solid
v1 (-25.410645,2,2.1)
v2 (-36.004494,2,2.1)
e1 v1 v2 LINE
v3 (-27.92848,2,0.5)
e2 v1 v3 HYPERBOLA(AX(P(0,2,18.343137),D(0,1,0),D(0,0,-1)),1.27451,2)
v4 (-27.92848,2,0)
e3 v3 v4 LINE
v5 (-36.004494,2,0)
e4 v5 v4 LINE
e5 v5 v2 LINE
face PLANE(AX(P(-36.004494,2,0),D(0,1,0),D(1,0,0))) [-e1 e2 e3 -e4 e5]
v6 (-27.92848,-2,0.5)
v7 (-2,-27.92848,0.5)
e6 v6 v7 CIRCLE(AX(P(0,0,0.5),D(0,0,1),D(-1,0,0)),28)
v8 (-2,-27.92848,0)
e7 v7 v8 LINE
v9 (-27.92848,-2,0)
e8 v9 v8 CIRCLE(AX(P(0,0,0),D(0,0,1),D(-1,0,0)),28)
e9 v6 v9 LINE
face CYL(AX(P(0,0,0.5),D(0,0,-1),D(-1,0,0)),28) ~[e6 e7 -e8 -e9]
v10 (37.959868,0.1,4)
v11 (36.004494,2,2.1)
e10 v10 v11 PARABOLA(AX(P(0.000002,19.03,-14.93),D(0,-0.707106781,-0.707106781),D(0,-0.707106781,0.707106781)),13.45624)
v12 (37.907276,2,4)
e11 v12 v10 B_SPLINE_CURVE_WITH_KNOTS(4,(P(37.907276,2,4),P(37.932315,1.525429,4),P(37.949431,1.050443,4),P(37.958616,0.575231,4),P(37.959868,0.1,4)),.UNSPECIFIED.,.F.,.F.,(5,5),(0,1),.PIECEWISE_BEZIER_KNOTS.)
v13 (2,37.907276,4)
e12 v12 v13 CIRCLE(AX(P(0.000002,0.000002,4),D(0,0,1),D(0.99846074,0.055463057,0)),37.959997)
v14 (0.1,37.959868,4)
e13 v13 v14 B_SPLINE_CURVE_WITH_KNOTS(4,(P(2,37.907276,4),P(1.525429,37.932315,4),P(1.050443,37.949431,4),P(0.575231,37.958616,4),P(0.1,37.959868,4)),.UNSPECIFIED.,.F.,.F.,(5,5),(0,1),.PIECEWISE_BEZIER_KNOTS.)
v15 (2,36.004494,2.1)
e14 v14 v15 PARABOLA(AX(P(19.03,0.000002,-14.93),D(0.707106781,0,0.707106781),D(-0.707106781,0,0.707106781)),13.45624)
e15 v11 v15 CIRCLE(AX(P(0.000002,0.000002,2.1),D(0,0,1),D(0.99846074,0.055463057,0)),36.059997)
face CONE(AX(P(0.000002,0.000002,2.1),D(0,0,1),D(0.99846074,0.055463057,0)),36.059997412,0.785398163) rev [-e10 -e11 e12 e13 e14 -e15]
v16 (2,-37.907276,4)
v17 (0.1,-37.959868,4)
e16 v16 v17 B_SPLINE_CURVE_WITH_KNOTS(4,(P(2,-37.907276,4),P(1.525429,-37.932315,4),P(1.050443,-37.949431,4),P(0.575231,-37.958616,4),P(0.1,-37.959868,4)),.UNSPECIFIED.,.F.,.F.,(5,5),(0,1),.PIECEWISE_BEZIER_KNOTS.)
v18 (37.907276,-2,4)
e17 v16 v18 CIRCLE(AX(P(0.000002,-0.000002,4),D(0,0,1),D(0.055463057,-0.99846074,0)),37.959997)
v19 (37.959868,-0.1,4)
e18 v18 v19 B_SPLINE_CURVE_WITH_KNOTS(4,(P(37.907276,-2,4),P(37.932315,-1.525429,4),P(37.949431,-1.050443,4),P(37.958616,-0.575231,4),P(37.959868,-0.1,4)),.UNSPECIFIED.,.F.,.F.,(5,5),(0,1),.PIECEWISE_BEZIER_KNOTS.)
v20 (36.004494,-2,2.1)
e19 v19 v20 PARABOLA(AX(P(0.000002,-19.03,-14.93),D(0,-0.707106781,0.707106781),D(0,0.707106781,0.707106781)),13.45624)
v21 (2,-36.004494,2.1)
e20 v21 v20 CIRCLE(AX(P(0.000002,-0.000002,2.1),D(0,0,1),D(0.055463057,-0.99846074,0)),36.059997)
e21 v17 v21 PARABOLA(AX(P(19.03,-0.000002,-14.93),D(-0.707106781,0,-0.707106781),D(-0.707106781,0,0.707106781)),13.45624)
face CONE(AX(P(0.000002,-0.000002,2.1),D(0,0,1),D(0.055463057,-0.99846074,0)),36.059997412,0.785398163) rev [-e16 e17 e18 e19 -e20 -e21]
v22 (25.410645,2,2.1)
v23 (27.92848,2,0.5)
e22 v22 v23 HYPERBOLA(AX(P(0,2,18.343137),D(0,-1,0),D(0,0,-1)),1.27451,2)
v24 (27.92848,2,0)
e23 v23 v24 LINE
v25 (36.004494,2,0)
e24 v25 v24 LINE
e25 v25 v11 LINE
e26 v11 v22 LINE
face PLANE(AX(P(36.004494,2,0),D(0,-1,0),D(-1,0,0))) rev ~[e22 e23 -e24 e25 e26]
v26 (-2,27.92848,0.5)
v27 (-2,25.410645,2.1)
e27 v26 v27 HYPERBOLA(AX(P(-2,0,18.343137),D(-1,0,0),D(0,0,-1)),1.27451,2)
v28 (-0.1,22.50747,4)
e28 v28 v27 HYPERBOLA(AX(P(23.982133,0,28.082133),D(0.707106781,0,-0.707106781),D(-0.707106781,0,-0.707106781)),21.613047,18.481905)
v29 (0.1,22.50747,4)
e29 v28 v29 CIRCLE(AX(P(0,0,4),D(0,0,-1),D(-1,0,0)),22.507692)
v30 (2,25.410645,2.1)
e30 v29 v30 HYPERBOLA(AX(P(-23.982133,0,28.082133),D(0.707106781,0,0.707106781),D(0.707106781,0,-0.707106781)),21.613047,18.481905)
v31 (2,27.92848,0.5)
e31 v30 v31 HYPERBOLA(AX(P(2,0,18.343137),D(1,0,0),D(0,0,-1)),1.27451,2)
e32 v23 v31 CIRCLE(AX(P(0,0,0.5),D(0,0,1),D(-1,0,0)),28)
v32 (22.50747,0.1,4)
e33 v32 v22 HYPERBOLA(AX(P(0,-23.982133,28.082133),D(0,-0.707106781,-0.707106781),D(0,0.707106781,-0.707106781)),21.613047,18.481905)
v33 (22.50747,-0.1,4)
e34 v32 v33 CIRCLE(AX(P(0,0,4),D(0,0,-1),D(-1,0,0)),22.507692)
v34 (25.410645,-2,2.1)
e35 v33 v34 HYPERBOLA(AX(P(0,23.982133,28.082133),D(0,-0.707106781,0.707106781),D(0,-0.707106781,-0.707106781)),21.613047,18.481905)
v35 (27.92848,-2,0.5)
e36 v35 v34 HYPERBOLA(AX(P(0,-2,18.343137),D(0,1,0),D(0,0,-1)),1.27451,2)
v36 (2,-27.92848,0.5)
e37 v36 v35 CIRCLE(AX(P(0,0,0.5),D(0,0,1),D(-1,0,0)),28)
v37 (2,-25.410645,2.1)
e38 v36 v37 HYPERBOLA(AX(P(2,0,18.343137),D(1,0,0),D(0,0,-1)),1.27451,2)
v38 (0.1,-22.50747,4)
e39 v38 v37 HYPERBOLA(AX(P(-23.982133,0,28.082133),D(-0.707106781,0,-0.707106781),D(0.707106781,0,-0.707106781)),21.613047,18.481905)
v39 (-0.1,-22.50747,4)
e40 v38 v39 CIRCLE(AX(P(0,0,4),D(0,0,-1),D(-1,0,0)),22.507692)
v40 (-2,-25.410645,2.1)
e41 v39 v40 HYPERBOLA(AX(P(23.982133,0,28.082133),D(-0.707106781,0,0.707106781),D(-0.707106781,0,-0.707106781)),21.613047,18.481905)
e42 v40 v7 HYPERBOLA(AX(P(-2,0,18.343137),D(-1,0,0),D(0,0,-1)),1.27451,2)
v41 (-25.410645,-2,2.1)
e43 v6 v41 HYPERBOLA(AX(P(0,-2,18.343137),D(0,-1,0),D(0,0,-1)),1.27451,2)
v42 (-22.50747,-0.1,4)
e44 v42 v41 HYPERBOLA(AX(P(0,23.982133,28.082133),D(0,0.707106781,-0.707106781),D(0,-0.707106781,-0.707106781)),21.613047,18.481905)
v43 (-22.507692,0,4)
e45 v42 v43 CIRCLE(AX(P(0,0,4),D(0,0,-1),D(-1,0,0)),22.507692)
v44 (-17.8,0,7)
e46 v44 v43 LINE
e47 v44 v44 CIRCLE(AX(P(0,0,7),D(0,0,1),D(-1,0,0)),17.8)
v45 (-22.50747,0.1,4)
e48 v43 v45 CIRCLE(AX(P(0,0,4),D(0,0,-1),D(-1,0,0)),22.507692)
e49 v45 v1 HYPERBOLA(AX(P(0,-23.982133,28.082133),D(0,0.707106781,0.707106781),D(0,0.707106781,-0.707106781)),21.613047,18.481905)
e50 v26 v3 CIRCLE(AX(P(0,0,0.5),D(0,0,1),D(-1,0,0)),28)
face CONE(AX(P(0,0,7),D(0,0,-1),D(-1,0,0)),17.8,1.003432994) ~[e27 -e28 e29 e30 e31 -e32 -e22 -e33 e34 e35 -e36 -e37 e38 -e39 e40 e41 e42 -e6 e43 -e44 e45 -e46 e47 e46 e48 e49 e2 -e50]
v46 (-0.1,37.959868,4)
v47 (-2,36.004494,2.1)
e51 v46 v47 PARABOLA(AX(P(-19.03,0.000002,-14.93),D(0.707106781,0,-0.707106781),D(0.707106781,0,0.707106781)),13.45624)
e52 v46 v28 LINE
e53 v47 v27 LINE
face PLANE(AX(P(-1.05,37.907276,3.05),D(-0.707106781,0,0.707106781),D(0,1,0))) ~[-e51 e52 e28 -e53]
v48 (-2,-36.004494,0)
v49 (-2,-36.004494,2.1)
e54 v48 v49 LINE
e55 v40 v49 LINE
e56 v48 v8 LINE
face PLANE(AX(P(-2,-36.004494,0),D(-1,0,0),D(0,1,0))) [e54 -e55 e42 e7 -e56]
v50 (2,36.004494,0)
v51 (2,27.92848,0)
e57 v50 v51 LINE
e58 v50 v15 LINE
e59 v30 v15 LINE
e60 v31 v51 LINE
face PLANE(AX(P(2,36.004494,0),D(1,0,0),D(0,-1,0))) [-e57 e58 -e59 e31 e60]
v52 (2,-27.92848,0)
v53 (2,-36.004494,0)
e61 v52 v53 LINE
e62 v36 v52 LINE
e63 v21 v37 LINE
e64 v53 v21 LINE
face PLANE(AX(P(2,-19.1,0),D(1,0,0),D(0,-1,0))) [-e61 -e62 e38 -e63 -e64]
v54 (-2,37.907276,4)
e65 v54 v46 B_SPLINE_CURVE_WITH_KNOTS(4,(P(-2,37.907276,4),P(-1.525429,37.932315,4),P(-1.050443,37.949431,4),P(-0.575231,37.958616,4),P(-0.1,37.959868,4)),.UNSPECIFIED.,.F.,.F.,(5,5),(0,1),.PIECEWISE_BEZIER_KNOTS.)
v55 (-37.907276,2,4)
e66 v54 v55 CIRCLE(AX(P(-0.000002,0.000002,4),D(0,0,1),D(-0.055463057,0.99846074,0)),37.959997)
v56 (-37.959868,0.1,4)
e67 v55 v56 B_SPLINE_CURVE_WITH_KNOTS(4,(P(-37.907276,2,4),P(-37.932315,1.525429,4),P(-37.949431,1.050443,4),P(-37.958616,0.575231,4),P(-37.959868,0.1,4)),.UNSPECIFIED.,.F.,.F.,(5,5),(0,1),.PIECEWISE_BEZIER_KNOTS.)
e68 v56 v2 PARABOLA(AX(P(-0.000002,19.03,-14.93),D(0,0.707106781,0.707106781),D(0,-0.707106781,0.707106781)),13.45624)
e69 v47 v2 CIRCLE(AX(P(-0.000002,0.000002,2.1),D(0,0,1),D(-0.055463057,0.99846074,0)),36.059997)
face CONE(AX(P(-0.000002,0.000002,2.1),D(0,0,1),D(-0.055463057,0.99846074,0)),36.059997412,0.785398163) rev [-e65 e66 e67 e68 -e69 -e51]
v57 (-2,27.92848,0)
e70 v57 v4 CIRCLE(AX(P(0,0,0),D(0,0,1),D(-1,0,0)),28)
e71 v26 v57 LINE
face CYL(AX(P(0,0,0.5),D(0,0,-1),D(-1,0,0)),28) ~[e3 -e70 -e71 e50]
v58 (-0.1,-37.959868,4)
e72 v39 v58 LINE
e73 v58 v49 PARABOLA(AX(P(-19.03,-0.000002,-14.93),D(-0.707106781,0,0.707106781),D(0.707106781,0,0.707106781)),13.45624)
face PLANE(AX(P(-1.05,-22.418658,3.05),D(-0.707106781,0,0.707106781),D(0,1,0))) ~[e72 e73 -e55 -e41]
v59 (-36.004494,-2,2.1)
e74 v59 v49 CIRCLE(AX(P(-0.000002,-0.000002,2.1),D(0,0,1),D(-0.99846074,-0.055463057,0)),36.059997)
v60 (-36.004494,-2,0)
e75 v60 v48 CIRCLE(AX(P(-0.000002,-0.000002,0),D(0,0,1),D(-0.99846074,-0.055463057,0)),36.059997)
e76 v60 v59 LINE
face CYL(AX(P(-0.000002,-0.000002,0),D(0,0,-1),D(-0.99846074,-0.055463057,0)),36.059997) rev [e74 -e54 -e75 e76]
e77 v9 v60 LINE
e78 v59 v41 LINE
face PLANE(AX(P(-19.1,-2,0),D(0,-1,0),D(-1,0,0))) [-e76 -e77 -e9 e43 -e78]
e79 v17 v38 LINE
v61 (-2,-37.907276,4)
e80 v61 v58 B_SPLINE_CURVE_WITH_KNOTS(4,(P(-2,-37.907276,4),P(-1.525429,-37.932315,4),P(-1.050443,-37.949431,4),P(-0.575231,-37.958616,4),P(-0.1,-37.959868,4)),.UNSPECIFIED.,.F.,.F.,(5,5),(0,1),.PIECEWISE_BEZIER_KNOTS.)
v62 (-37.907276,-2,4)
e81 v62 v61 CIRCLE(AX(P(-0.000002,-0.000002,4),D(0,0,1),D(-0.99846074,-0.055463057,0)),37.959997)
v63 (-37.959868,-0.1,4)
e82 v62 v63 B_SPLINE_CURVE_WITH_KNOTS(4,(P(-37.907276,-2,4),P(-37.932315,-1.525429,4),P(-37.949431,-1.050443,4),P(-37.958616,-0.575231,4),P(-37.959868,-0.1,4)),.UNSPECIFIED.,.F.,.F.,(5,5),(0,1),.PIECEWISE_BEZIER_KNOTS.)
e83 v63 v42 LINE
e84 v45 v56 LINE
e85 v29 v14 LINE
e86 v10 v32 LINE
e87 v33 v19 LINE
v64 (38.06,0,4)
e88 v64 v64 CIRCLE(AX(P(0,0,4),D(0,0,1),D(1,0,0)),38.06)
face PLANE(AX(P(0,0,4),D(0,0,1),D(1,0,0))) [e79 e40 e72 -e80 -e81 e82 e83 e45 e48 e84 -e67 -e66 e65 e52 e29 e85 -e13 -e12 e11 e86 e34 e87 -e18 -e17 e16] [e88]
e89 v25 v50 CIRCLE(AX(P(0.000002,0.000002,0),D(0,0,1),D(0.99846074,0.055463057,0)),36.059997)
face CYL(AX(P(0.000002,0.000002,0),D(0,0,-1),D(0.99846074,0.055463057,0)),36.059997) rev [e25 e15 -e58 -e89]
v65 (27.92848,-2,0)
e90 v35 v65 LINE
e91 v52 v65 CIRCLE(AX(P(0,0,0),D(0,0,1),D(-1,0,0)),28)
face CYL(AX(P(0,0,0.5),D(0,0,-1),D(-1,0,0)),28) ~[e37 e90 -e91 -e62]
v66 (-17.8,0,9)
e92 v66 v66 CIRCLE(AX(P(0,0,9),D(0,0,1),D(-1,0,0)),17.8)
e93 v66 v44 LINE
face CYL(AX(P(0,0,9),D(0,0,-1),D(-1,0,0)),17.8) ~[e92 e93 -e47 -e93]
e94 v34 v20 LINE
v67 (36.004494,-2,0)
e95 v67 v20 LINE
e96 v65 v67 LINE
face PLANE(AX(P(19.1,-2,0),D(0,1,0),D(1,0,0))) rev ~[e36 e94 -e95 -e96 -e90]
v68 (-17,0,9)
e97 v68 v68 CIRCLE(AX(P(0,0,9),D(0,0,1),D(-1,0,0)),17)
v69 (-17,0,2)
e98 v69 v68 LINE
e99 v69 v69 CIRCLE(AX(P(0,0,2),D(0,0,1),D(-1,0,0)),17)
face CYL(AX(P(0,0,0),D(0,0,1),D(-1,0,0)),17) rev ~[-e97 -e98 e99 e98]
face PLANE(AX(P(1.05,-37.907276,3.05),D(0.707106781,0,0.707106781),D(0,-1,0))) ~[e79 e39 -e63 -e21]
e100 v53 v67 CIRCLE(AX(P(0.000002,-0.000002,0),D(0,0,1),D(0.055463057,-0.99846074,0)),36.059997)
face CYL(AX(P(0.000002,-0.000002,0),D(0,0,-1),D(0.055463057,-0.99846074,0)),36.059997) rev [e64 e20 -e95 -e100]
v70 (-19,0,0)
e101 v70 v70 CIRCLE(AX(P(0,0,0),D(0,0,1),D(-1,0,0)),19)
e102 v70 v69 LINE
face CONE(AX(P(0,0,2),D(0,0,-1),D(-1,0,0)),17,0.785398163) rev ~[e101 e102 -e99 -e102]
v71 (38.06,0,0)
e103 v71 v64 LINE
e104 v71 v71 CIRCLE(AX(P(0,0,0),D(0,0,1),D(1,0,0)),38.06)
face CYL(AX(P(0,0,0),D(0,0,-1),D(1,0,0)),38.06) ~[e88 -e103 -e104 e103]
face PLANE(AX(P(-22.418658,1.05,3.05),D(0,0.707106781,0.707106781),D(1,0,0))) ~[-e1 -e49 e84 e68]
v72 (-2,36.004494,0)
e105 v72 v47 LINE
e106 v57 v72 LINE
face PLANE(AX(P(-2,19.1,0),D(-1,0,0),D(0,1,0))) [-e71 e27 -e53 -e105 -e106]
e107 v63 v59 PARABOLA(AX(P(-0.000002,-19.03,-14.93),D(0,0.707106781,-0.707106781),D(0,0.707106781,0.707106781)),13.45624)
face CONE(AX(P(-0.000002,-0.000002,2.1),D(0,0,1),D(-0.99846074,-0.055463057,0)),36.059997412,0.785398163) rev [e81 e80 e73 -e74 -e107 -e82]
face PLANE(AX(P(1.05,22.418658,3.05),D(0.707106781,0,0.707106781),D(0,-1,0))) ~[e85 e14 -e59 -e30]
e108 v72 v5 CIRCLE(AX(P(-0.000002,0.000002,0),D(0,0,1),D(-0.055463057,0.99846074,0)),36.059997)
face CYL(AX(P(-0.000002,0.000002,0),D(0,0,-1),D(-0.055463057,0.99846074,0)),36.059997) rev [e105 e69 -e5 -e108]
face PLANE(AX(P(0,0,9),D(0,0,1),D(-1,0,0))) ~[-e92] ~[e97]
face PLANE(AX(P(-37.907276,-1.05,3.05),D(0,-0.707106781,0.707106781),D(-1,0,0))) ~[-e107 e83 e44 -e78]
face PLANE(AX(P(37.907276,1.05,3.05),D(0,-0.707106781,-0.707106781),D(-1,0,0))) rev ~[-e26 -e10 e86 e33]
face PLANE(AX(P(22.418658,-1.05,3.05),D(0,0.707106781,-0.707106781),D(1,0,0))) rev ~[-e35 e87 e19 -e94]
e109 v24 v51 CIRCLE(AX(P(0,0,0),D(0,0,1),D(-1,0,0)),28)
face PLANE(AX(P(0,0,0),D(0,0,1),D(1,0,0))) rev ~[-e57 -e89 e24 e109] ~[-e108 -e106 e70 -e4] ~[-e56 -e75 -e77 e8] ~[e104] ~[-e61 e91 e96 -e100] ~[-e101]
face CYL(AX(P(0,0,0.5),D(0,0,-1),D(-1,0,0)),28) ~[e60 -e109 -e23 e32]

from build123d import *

# Parameters (mm, degrees)
SKETCH001_R     = 38.06
PAD_DEPTH       = 4
CHAMFER_SIZE    = 1.9
CHAMFER001_SIZE = 1.9
CHAMFER002_SIZE = 2


with BuildPart() as part:
    # Sketch → Revolution (revolve)
    with BuildSketch(Plane.XZ):
        Polygon((-17, 0), (-17, 9), (-17.8, 9), (-17.8, 7), (-28, 0.5), (-28, 0), align=None)
    revolve(axis=Axis((0, 0, 0), (0, 0, 1)))

    # Sketch001 → Pad (new body)
    with BuildSketch(Plane.XY):
        Circle(SKETCH001_R)
        with BuildLine():
            ThreePointArc((-2, 36.004494), (-25.498271, 25.498271), (-36.004494, 2))
            Line((-36.004494, 2), (-19.1, 2))
            Line((-19.1, 2), (-19.1, -2))
            Line((-19.1, -2), (-36.004494, -2))
            ThreePointArc((-36.004494, -2), (-25.498271, -25.498271), (-2, -36.004494))
            Line((-2, -36.004494), (-2, -19.1))
            Line((-2, -19.1), (2, -19.1))
            Line((2, -19.1), (2, -36.004494))
            ThreePointArc((2, -36.004494), (25.498271, -25.498271), (36.004494, -2))
            Line((19.1, -2), (36.004494, -2))
            Line((19.1, 2), (19.1, -2))
            Line((36.004494, 2), (19.1, 2))
            ThreePointArc((36.004494, 2), (25.498271, 25.498271), (2, 36.004494))
            Line((2, 36.004494), (2, 19.1))
            Line((2, 19.1), (-2, 19.1))
            Line((-2, 19.1), (-2, 36.004494))
        make_face(mode=Mode.SUBTRACT)
    extrude(amount=PAD_DEPTH)

    # Chamfer
    chamfer_edges = [part.edges().sort_by_distance(p)[0] for p in [
        (-25.498271, -25.498271, 4),
        (-25.498271, 25.498271, 4),
        (25.498271, 25.498271, 4),
        (25.498271, -25.498271, 4),
    ]]
    chamfer(chamfer_edges, length=CHAMFER_SIZE)

    # Chamfer001
    chamfer001_edges = [part.edges().sort_by_distance(p)[0] for p in [
        (-36.955885, -2, 4),
        (-29.211576, -2, 4),
        (-36.955885, 2, 4),
        (-29.211576, 2, 4),
        (-2, -29.211576, 4),
        (-2, -36.955885, 4),
        (2, -36.955885, 4),
        (2, -29.211576, 4),
        (29.211576, -2, 4),
        (36.955885, -2, 4),
        (36.955885, 2, 4),
        (29.211576, 2, 4),
        (2, 29.211576, 4),
        (2, 36.955885, 4),
        (-2, 36.955885, 4),
        (-2, 29.211576, 4),
    ]]
    chamfer(chamfer001_edges, length=CHAMFER001_SIZE)

    # Chamfer002
    chamfer002_edges = [part.edges().sort_by_distance(p)[0] for p in [
        (17, 0, 0),
    ]]
    chamfer(chamfer002_edges, length=CHAMFER002_SIZE)


solid = part.part
